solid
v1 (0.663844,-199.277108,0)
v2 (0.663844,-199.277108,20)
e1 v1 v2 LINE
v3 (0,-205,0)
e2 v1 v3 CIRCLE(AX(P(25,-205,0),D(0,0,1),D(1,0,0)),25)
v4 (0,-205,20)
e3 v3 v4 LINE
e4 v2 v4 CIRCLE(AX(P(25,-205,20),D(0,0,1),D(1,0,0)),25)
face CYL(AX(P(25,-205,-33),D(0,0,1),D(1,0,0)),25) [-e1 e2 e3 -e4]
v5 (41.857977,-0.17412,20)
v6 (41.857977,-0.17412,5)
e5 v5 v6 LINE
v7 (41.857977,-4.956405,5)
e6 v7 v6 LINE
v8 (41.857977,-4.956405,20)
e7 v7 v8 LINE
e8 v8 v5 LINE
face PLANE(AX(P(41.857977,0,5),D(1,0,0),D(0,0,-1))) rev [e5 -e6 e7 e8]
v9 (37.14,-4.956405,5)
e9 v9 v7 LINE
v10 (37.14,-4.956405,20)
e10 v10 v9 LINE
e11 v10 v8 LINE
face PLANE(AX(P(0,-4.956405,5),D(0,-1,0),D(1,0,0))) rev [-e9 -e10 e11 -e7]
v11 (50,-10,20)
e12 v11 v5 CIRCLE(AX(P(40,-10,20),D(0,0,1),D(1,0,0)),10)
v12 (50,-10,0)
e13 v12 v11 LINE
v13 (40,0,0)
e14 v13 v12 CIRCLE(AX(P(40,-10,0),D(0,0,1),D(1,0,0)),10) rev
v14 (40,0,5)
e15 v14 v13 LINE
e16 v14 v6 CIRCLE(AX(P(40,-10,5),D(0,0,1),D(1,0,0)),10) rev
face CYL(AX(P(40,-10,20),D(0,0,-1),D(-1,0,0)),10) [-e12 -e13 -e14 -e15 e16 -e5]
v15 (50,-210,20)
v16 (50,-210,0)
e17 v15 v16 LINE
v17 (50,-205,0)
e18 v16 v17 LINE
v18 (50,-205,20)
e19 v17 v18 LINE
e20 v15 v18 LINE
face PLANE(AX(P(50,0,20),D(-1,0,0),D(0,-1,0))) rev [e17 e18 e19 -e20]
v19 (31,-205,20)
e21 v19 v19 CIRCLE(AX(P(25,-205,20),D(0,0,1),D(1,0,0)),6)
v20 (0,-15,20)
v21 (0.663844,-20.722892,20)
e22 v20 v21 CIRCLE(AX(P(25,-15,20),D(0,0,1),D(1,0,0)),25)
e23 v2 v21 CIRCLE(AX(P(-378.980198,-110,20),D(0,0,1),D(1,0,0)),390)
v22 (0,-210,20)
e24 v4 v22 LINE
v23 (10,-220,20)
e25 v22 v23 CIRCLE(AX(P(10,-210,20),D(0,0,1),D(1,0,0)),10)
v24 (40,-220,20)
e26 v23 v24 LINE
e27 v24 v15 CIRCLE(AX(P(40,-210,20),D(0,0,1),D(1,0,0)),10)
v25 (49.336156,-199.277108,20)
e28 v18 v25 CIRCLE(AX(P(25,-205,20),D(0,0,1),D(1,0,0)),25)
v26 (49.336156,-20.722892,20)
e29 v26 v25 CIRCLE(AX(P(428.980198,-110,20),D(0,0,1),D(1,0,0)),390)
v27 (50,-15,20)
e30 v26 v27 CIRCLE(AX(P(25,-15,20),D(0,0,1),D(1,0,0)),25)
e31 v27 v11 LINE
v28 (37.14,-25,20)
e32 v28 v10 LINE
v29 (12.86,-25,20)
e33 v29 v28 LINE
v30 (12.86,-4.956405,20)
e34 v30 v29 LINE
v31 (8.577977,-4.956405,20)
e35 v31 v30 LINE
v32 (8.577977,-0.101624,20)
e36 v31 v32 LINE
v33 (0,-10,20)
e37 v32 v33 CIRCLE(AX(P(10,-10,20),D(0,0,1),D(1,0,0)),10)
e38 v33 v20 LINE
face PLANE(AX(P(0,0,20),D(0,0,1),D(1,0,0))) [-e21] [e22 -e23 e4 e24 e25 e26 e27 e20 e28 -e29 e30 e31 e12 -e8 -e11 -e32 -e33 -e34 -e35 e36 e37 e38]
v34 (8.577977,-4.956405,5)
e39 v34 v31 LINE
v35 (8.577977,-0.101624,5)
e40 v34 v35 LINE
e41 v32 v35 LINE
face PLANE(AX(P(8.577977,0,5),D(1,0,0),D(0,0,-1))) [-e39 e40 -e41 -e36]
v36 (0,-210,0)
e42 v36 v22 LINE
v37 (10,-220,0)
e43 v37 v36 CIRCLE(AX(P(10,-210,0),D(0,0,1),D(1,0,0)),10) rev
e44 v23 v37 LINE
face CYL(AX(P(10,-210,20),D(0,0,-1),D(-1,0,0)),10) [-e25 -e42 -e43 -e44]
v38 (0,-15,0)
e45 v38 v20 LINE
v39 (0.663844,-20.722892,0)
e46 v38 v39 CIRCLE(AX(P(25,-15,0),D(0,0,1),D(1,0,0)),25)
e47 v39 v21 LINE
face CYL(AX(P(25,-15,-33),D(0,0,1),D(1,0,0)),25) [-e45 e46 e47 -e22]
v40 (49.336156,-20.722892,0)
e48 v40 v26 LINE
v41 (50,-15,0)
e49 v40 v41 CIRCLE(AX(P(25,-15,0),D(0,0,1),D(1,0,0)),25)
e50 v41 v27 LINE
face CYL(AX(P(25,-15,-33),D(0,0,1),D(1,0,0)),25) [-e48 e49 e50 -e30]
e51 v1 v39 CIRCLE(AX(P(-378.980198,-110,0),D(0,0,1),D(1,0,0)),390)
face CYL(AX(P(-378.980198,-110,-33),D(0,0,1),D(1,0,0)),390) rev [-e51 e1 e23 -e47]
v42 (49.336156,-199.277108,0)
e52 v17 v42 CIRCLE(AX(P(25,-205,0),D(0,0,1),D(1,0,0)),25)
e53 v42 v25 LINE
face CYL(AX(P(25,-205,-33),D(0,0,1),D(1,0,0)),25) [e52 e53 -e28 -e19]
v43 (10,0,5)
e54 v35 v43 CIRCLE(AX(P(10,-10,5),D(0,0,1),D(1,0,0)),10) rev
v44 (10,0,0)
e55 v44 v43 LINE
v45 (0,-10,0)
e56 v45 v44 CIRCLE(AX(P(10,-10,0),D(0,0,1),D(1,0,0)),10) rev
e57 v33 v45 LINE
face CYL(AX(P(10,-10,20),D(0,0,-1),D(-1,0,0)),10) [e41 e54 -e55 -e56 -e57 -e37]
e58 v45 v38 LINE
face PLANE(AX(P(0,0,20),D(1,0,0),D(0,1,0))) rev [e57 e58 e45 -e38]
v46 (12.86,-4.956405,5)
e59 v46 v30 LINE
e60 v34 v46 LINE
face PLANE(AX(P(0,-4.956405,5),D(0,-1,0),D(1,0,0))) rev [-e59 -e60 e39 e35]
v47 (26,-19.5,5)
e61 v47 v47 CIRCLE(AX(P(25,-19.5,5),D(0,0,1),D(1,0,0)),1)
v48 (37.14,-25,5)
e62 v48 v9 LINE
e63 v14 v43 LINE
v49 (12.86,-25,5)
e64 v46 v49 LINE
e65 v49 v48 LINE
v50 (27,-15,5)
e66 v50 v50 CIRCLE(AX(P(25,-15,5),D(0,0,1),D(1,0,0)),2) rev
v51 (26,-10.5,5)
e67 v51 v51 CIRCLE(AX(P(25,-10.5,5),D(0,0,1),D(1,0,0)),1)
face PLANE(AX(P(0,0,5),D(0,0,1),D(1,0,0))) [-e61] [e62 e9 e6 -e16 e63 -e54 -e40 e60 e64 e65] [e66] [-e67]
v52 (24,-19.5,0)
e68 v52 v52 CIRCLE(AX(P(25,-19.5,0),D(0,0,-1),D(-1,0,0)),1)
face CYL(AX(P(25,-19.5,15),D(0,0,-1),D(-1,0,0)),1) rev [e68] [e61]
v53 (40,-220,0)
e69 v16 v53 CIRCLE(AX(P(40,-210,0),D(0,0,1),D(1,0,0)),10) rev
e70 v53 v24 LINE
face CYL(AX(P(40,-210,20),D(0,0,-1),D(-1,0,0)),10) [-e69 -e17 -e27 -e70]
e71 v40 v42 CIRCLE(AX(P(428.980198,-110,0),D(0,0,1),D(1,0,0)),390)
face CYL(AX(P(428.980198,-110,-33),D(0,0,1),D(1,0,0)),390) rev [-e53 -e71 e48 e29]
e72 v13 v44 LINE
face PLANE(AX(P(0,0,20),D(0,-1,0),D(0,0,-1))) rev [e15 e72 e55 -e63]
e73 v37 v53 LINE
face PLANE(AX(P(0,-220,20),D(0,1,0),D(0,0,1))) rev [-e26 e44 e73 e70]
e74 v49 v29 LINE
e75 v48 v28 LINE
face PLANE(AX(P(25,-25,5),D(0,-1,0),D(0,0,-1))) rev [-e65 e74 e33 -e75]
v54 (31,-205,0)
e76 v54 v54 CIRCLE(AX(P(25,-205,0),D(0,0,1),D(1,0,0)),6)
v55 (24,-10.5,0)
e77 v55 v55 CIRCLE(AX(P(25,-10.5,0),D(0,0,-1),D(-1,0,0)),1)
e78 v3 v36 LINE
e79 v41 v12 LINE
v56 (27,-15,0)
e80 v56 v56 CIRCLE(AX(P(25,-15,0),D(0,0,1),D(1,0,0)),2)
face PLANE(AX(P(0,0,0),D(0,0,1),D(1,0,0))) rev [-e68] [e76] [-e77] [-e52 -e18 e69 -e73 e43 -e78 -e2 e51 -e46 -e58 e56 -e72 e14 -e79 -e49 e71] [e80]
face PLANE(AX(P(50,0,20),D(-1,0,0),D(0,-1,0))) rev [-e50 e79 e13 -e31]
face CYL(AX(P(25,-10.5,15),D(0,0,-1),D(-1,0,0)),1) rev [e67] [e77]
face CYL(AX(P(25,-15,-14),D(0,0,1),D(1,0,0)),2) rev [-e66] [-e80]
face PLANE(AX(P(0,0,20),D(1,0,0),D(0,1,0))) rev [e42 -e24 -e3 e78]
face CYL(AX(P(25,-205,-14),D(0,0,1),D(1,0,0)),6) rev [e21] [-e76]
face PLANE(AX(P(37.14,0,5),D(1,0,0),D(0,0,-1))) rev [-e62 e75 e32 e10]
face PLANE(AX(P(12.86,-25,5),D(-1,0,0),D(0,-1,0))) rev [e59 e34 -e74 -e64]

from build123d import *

# Parameters (mm, degrees)
SKETCH1_W           = 50
SKETCH1_H           = 220
BOSS_EXTRUDE1_DEPTH = 20
SKETCH2_R           = 2
SKETCH2_R_2         = 6
CUT_EXTRUDE2_DEPTH  = 34
FILLET2_R           = 10
CUT_EXTRUDE3_DEPTH  = 15
SKETCH7_R           = 1
CUT_EXTRUDE4_DEPTH  = 15
CUT_EXTRUDE6_DEPTH  = 15
CUT_EXTRUDE7_DEPTH  = 53


with BuildPart() as part:
    # Sketch1 → Boss-Extrude1 (new body)
    with BuildSketch(Plane.XY):
        with Locations((25, -110)):
            Rectangle(SKETCH1_W, SKETCH1_H)
    extrude(amount=BOSS_EXTRUDE1_DEPTH)

    # Sketch2 → Cut-Extrude2 (cut)
    with BuildSketch(Plane.XY.offset(20)):
        with Locations((25, -15)):
            Circle(SKETCH2_R)
        with Locations((25, -205)):
            Circle(SKETCH2_R_2)
    extrude(amount=-CUT_EXTRUDE2_DEPTH, mode=Mode.SUBTRACT)

    # Fillet2
    fillet2_edges = [part.edges().sort_by_distance(p)[0] for p in [
        (0, 0, 10),
        (50, 0, 10),
        (50, -220, 10),
        (0, -220, 10),
    ]]
    fillet(fillet2_edges, radius=FILLET2_R)

    # Sketch4 → Cut-Extrude3 (cut)
    with BuildSketch(Plane.XY.offset(20)):
        Polygon((25, -25), (37.14, -25), (37.14, 0), (12.86, 0), (12.86, -25), align=None)
    extrude(amount=-CUT_EXTRUDE3_DEPTH, mode=Mode.SUBTRACT)

    # Sketch7 → Cut-Extrude4 (cut)
    with BuildSketch(Plane(origin=(0, 0, 0), x_dir=(-1, 0, 0), z_dir=(0, 0, -1))):
        with Locations((-25, -10.5)):
            Circle(SKETCH7_R)
        with Locations((-25, -19.5)):
            Circle(SKETCH7_R)
    extrude(amount=-CUT_EXTRUDE4_DEPTH, mode=Mode.SUBTRACT)

    # Sketch8 → Cut-Extrude6 (cut)
    with BuildSketch(Plane.XY.offset(20)):
        with BuildLine():
            Line((12.86, -4.956404509), (37.14, -4.956404509))
            Line((37.14, -4.956404509), (37.14, 0))
            Line((37.14, 0), (40, 0))
            ThreePointArc((40, 0), (40.933059212, -0.043625132), (41.857977457, -0.174119899))
            Line((41.857977457, -0.174119899), (41.857977457, 3.191267917))
            Line((41.857977457, 3.191267917), (8.577977457, 3.191267917))
            Line((8.577977457, 3.191267917), (8.577977457, -0.101623775))
            ThreePointArc((8.577977457, -0.101623775), (9.287175424, -0.025438299), (10, 0))
            Line((10, 0), (12.86, 0))
            Line((12.86, 0), (12.86, -4.956404509))
        make_face()
        with BuildLine():
            Line((8.577977457, -4.956404509), (12.86, -4.956404509))
            Line((12.86, -4.956404509), (12.86, 0))
            Line((12.86, 0), (10, 0))
            ThreePointArc((10, 0), (9.287175424, -0.025438299), (8.577977457, -0.101623775))
            Line((8.577977457, -0.101623775), (8.577977457, -4.956404509))
        make_face()
        with BuildLine():
            Line((37.14, 0), (37.14, -4.956404509))
            Line((37.14, -4.956404509), (41.857977457, -4.956404509))
            Line((41.857977457, -4.956404509), (41.857977457, -0.174119899))
            ThreePointArc((41.857977457, -0.174119899), (40.933059212, -0.043625132), (40, 0))
            Line((40, 0), (37.14, 0))
        make_face()
    extrude(amount=-CUT_EXTRUDE6_DEPTH, mode=Mode.SUBTRACT)

    # Sketch9 → Cut-Extrude7 (cut)
    with BuildSketch(Plane.XY.offset(20)):
        with BuildLine():
            ThreePointArc((49.336156478, -199.277108434), (49.833484572, -202.119367426), (50, -205))
            Line((50, -205), (50, -202.054385429))
            Line((50, -202.054385429), (50, -15))
            ThreePointArc((50, -15), (49.833484572, -17.880632574), (49.336156478, -20.722891566))
            ThreePointArc((49.336156478, -20.722891566), (38.980197534, -110), (49.336156478, -199.277108434))
        make_face()
        with BuildLine():
            Line((0, -19.137020496), (0, -205))
            ThreePointArc((0, -205), (0.166515428, -202.119367426), (0.663843522, -199.277108434))
            ThreePointArc((0.663843522, -199.277108434), (11.019802466, -110), (0.663843522, -20.722891566))
            ThreePointArc((0.663843522, -20.722891566), (0.166515428, -17.880632574), (0, -15))
            Line((0, -15), (0, -19.137020496))
        make_face()
    extrude(amount=-CUT_EXTRUDE7_DEPTH, mode=Mode.SUBTRACT)


solid = part.part
